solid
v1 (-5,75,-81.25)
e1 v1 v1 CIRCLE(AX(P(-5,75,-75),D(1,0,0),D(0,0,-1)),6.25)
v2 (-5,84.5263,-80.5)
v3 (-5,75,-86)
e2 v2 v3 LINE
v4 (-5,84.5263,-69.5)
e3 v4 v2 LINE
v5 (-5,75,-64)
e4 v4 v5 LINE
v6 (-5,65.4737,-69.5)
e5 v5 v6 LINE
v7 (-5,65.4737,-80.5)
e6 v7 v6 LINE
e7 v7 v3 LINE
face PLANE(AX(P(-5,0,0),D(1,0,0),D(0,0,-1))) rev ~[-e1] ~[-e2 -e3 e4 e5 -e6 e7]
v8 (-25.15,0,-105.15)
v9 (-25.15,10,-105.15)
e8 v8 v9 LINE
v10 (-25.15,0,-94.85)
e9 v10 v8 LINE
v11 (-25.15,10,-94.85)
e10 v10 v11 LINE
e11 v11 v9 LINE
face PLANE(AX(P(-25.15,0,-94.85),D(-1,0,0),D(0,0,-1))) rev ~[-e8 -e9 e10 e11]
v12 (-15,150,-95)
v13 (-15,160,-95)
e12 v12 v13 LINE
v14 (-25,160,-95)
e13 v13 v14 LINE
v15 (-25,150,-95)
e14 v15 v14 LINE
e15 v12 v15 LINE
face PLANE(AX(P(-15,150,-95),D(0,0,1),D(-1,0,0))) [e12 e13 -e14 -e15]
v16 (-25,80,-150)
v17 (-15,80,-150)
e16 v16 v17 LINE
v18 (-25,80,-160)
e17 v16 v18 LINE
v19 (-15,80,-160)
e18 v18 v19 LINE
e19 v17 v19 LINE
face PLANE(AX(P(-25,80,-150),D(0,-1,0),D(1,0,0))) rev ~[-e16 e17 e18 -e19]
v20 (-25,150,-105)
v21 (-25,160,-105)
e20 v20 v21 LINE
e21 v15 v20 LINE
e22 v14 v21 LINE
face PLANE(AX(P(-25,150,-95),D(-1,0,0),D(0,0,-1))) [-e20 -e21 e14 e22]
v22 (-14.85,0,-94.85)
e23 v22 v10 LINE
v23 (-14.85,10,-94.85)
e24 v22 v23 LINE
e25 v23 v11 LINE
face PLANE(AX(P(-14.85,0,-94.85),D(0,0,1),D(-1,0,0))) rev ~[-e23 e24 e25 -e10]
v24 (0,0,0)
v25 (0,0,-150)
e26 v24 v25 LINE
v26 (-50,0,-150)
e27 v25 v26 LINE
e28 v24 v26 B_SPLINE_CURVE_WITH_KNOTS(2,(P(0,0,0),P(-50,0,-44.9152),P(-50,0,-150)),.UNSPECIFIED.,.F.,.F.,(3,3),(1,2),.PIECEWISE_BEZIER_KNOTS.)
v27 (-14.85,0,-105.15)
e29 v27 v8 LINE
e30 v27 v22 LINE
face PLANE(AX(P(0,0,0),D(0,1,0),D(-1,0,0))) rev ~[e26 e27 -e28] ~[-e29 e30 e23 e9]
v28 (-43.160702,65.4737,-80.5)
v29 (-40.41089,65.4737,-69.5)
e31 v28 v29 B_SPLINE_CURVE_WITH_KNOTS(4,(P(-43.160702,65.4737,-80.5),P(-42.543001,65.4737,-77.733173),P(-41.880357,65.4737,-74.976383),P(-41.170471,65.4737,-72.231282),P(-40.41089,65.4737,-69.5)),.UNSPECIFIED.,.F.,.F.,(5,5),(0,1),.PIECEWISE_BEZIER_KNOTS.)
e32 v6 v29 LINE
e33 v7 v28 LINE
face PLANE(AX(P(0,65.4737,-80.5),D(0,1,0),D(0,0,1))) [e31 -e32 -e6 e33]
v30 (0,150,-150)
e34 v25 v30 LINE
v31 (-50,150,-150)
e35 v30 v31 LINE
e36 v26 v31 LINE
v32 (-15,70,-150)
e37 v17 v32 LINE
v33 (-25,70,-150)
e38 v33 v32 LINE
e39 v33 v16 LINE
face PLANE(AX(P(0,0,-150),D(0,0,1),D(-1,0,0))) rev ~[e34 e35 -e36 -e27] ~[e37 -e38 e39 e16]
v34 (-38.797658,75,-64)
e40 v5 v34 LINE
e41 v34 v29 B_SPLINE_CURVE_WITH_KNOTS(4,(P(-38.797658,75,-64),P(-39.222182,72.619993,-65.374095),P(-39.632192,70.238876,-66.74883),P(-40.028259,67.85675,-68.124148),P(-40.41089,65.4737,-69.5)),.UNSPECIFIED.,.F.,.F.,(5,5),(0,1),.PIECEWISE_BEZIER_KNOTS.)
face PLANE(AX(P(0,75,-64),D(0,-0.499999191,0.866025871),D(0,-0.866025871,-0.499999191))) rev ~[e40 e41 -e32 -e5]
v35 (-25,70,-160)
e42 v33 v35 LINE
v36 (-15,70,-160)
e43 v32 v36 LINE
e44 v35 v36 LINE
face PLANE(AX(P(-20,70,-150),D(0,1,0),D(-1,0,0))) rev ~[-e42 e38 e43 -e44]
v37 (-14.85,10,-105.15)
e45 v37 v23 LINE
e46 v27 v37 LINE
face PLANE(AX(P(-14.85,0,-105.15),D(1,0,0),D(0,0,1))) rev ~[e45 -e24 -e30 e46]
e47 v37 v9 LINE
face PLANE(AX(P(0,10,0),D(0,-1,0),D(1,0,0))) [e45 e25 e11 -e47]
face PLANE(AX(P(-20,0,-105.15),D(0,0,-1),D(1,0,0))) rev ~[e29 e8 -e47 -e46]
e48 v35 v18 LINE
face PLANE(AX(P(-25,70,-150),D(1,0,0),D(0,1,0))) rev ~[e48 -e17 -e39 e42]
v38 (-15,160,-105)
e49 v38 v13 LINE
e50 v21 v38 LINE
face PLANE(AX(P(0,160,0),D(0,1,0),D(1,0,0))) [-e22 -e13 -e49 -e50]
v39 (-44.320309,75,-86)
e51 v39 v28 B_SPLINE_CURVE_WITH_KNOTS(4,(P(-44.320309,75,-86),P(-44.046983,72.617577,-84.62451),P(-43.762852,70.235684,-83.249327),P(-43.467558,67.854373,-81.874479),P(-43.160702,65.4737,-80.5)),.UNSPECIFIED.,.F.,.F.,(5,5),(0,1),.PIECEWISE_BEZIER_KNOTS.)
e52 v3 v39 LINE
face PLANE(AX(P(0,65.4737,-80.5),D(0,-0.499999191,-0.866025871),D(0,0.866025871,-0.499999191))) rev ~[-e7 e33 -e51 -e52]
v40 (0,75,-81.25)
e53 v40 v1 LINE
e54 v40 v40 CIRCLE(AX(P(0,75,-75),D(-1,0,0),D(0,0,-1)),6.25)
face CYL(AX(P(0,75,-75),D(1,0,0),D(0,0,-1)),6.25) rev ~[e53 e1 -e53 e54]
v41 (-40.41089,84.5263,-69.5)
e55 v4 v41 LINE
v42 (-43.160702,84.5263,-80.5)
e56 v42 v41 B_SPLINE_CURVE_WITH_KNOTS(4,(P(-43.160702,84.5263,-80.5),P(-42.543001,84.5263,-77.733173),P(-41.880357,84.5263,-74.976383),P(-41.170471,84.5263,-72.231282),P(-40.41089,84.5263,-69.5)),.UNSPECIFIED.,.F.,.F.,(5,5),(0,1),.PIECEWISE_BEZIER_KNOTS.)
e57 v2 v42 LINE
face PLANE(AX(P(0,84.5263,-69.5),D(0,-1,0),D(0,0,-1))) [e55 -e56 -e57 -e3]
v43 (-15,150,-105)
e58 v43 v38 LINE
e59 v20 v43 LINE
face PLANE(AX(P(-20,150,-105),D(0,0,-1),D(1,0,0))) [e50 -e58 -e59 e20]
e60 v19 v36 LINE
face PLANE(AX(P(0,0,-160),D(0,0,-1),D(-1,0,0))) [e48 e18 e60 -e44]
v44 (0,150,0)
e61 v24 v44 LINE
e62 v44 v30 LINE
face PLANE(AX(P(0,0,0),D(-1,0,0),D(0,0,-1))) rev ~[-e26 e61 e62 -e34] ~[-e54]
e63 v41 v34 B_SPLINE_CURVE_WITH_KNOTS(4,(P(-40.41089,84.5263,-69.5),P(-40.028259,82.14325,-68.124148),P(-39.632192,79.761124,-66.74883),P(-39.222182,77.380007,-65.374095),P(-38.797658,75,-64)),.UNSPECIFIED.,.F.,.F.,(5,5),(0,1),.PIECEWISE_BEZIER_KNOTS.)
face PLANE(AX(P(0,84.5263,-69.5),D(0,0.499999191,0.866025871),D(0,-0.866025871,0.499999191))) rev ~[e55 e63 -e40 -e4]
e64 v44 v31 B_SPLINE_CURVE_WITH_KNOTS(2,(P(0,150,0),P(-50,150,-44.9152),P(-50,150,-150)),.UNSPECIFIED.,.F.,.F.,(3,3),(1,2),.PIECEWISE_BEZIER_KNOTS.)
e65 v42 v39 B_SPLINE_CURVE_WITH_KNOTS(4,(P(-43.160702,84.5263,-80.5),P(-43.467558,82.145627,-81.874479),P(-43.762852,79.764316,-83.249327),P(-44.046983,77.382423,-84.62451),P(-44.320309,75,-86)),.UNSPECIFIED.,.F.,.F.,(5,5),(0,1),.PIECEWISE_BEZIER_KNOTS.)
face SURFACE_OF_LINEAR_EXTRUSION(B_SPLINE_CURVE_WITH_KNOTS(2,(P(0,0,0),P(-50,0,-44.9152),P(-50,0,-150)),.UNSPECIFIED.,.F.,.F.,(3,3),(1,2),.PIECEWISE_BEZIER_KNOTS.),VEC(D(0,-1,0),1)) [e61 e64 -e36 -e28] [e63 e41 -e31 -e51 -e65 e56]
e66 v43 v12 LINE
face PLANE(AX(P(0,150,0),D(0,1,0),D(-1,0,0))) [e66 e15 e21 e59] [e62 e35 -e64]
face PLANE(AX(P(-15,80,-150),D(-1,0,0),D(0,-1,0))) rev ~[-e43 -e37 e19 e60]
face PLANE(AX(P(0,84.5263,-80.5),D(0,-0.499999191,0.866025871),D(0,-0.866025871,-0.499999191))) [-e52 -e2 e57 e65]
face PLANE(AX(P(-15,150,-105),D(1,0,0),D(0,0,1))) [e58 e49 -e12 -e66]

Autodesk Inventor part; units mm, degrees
ref_plane "YZ Plane" through (0, 0, 0) normal (1, 0, 0) x (0, 1, 0)
ref_plane "XZ Plane" through (0, 0, 0) normal (0, 1, 0) x (-1, 0, 0)
ref_plane "XY Plane" through (0, 0, 0) normal (0, 0, 1) x (1, 0, 0)
sketch "Sketch1" plane through (0, 0, 0) normal (0, 1, 0) x (-1, 0, 0)
  line L0 (0, 0) -> (0, -150)
  line L1 (0, -150) -> (50, -150)
  line L2 (0, 0) -> (50, -44.9152) construction
  line L3 (50, -44.9152) -> (50, -150) construction
  spline S0 degree 2 poles (0, 0) (50, -44.9152) (50, -150) knots 1 1 1 2 2 2
  dimension "d0" = 150
  dimension "d2" = 50
extrude "Extrusion7" add sketch "Sketch1" along normal blind 150
sketch "Sketch5" plane through (0, 0, -150) normal (0, 0, -1) x (-1, 0, 0)
  line L0 (0, 0) -> (0, 150) projected
  line L1 (0, 0) -> (20, 0)
  line L2 (0, 0) -> (50, 0) projected
  line L3 (20, 0) -> (20, 75)
  line L4 (25, 80) -> (15, 80)
  line L5 (15, 80) -> (15, 70)
  line L6 (15, 70) -> (25, 70)
  line L7 (25, 70) -> (25, 80)
  line L8 (25, 80) -> (15, 70) construction
  line L9 (15, 80) -> (25, 70) construction
  dimension "d57" = 20
  dimension "d58" = 75
  dimension "d59" = 10
  dimension "d60" = 10
extrude "Extrusion8" add sketch "Sketch5" along normal blind 10
sketch "Sketch6" plane through (0, 0, 0) normal (0, -1, 0) x (1, 0, 0)
  line L0 (0, 0) -> (0, -150) projected
  line L1 (0, -150) -> (-20, -150)
  line L2 (0, -150) -> (-50, -150) projected
  line L3 (-20, -150) -> (-20, -100)
  line L4 (-25.15, -105.15) -> (-14.85, -105.15)
  line L5 (-14.85, -105.15) -> (-14.85, -94.85)
  line L6 (-14.85, -94.85) -> (-25.15, -94.85)
  line L7 (-25.15, -94.85) -> (-25.15, -105.15)
  line L8 (-25.15, -105.15) -> (-14.85, -94.85) construction
  line L9 (-14.85, -105.15) -> (-25.15, -94.85) construction
  dimension "d51" = 20
  dimension "d52" = 50
  dimension "d53" = 10.3
  dimension "d54" = 10.3
extrude "Extrusion9" cut sketch "Sketch6" against normal blind 10
sketch "Sketch7" plane through (0, 150, 0) normal (0, 1, 0) x (1, 0, 0)
  line L0 (0, 150) -> (-50, 150) projected
  line L1 (0, 150) -> (-20, 150)
  line L2 (-20, 150) -> (-20, 100)
  line L3 (-15, 95) -> (-25, 95)
  line L4 (-25, 95) -> (-25, 105)
  line L5 (-25, 105) -> (-15, 105)
  line L6 (-15, 105) -> (-15, 95)
  line L7 (-15, 95) -> (-25, 105) construction
  line L8 (-25, 95) -> (-15, 105) construction
  point P0 (0, 0)
  dimension "d61" = 20
  dimension "d62" = 50
  dimension "d63" = 10
  dimension "d64" = 10
extrude "Extrusion10" add sketch "Sketch7" along normal blind 10
sketch "Sketch8" plane through (0, 0, 0) normal (1, 0, 0) x (0, 0, -1)
  line L0 (0, 0) -> (0, 150) projected
  line L1 (0, 75) -> (75, 75) construction
  line L2 (0, 150) -> (150, 150) projected
  circle A0 centre (75, 75) radius 6.25
  line L3 (75, 75) -> (86, 75)
  line L4 (75, 75) -> (80.5, 84.5263)
  line L5 (75, 75) -> (69.5, 84.5263)
  line L6 (75, 75) -> (64, 75)
  line L7 (75, 75) -> (69.5, 65.4737)
  line L8 (75, 75) -> (80.5, 65.4737)
  line L9 (80.5, 65.4737) -> (86, 75)
  line L10 (80.5, 84.5263) -> (86, 75)
  line L11 (69.5, 84.5263) -> (80.5, 84.5263)
  line L12 (69.5, 84.5263) -> (64, 75)
  line L13 (64, 75) -> (69.5, 65.4737)
  line L14 (80.5, 65.4737) -> (69.5, 65.4737)
  dimension "d67" = 75
  dimension "d69" = 12.5
  dimension "d70" = 11
  dimension "d73" = 360
extrude "Extrusion11" cut sketch "Sketch8" against normal blind 100
extrude "Extrusion12" add sketch "Sketch8" against normal blind 5 contours L3 L9 L8 A0 | A0 L4 L10 L3 | A0 L5 L11 L4 | L8 L14 L7 A0 | A0 L6 L12 L5 | L7 L13 L6 A0
properties part number "3DPrintShapeCorner"
